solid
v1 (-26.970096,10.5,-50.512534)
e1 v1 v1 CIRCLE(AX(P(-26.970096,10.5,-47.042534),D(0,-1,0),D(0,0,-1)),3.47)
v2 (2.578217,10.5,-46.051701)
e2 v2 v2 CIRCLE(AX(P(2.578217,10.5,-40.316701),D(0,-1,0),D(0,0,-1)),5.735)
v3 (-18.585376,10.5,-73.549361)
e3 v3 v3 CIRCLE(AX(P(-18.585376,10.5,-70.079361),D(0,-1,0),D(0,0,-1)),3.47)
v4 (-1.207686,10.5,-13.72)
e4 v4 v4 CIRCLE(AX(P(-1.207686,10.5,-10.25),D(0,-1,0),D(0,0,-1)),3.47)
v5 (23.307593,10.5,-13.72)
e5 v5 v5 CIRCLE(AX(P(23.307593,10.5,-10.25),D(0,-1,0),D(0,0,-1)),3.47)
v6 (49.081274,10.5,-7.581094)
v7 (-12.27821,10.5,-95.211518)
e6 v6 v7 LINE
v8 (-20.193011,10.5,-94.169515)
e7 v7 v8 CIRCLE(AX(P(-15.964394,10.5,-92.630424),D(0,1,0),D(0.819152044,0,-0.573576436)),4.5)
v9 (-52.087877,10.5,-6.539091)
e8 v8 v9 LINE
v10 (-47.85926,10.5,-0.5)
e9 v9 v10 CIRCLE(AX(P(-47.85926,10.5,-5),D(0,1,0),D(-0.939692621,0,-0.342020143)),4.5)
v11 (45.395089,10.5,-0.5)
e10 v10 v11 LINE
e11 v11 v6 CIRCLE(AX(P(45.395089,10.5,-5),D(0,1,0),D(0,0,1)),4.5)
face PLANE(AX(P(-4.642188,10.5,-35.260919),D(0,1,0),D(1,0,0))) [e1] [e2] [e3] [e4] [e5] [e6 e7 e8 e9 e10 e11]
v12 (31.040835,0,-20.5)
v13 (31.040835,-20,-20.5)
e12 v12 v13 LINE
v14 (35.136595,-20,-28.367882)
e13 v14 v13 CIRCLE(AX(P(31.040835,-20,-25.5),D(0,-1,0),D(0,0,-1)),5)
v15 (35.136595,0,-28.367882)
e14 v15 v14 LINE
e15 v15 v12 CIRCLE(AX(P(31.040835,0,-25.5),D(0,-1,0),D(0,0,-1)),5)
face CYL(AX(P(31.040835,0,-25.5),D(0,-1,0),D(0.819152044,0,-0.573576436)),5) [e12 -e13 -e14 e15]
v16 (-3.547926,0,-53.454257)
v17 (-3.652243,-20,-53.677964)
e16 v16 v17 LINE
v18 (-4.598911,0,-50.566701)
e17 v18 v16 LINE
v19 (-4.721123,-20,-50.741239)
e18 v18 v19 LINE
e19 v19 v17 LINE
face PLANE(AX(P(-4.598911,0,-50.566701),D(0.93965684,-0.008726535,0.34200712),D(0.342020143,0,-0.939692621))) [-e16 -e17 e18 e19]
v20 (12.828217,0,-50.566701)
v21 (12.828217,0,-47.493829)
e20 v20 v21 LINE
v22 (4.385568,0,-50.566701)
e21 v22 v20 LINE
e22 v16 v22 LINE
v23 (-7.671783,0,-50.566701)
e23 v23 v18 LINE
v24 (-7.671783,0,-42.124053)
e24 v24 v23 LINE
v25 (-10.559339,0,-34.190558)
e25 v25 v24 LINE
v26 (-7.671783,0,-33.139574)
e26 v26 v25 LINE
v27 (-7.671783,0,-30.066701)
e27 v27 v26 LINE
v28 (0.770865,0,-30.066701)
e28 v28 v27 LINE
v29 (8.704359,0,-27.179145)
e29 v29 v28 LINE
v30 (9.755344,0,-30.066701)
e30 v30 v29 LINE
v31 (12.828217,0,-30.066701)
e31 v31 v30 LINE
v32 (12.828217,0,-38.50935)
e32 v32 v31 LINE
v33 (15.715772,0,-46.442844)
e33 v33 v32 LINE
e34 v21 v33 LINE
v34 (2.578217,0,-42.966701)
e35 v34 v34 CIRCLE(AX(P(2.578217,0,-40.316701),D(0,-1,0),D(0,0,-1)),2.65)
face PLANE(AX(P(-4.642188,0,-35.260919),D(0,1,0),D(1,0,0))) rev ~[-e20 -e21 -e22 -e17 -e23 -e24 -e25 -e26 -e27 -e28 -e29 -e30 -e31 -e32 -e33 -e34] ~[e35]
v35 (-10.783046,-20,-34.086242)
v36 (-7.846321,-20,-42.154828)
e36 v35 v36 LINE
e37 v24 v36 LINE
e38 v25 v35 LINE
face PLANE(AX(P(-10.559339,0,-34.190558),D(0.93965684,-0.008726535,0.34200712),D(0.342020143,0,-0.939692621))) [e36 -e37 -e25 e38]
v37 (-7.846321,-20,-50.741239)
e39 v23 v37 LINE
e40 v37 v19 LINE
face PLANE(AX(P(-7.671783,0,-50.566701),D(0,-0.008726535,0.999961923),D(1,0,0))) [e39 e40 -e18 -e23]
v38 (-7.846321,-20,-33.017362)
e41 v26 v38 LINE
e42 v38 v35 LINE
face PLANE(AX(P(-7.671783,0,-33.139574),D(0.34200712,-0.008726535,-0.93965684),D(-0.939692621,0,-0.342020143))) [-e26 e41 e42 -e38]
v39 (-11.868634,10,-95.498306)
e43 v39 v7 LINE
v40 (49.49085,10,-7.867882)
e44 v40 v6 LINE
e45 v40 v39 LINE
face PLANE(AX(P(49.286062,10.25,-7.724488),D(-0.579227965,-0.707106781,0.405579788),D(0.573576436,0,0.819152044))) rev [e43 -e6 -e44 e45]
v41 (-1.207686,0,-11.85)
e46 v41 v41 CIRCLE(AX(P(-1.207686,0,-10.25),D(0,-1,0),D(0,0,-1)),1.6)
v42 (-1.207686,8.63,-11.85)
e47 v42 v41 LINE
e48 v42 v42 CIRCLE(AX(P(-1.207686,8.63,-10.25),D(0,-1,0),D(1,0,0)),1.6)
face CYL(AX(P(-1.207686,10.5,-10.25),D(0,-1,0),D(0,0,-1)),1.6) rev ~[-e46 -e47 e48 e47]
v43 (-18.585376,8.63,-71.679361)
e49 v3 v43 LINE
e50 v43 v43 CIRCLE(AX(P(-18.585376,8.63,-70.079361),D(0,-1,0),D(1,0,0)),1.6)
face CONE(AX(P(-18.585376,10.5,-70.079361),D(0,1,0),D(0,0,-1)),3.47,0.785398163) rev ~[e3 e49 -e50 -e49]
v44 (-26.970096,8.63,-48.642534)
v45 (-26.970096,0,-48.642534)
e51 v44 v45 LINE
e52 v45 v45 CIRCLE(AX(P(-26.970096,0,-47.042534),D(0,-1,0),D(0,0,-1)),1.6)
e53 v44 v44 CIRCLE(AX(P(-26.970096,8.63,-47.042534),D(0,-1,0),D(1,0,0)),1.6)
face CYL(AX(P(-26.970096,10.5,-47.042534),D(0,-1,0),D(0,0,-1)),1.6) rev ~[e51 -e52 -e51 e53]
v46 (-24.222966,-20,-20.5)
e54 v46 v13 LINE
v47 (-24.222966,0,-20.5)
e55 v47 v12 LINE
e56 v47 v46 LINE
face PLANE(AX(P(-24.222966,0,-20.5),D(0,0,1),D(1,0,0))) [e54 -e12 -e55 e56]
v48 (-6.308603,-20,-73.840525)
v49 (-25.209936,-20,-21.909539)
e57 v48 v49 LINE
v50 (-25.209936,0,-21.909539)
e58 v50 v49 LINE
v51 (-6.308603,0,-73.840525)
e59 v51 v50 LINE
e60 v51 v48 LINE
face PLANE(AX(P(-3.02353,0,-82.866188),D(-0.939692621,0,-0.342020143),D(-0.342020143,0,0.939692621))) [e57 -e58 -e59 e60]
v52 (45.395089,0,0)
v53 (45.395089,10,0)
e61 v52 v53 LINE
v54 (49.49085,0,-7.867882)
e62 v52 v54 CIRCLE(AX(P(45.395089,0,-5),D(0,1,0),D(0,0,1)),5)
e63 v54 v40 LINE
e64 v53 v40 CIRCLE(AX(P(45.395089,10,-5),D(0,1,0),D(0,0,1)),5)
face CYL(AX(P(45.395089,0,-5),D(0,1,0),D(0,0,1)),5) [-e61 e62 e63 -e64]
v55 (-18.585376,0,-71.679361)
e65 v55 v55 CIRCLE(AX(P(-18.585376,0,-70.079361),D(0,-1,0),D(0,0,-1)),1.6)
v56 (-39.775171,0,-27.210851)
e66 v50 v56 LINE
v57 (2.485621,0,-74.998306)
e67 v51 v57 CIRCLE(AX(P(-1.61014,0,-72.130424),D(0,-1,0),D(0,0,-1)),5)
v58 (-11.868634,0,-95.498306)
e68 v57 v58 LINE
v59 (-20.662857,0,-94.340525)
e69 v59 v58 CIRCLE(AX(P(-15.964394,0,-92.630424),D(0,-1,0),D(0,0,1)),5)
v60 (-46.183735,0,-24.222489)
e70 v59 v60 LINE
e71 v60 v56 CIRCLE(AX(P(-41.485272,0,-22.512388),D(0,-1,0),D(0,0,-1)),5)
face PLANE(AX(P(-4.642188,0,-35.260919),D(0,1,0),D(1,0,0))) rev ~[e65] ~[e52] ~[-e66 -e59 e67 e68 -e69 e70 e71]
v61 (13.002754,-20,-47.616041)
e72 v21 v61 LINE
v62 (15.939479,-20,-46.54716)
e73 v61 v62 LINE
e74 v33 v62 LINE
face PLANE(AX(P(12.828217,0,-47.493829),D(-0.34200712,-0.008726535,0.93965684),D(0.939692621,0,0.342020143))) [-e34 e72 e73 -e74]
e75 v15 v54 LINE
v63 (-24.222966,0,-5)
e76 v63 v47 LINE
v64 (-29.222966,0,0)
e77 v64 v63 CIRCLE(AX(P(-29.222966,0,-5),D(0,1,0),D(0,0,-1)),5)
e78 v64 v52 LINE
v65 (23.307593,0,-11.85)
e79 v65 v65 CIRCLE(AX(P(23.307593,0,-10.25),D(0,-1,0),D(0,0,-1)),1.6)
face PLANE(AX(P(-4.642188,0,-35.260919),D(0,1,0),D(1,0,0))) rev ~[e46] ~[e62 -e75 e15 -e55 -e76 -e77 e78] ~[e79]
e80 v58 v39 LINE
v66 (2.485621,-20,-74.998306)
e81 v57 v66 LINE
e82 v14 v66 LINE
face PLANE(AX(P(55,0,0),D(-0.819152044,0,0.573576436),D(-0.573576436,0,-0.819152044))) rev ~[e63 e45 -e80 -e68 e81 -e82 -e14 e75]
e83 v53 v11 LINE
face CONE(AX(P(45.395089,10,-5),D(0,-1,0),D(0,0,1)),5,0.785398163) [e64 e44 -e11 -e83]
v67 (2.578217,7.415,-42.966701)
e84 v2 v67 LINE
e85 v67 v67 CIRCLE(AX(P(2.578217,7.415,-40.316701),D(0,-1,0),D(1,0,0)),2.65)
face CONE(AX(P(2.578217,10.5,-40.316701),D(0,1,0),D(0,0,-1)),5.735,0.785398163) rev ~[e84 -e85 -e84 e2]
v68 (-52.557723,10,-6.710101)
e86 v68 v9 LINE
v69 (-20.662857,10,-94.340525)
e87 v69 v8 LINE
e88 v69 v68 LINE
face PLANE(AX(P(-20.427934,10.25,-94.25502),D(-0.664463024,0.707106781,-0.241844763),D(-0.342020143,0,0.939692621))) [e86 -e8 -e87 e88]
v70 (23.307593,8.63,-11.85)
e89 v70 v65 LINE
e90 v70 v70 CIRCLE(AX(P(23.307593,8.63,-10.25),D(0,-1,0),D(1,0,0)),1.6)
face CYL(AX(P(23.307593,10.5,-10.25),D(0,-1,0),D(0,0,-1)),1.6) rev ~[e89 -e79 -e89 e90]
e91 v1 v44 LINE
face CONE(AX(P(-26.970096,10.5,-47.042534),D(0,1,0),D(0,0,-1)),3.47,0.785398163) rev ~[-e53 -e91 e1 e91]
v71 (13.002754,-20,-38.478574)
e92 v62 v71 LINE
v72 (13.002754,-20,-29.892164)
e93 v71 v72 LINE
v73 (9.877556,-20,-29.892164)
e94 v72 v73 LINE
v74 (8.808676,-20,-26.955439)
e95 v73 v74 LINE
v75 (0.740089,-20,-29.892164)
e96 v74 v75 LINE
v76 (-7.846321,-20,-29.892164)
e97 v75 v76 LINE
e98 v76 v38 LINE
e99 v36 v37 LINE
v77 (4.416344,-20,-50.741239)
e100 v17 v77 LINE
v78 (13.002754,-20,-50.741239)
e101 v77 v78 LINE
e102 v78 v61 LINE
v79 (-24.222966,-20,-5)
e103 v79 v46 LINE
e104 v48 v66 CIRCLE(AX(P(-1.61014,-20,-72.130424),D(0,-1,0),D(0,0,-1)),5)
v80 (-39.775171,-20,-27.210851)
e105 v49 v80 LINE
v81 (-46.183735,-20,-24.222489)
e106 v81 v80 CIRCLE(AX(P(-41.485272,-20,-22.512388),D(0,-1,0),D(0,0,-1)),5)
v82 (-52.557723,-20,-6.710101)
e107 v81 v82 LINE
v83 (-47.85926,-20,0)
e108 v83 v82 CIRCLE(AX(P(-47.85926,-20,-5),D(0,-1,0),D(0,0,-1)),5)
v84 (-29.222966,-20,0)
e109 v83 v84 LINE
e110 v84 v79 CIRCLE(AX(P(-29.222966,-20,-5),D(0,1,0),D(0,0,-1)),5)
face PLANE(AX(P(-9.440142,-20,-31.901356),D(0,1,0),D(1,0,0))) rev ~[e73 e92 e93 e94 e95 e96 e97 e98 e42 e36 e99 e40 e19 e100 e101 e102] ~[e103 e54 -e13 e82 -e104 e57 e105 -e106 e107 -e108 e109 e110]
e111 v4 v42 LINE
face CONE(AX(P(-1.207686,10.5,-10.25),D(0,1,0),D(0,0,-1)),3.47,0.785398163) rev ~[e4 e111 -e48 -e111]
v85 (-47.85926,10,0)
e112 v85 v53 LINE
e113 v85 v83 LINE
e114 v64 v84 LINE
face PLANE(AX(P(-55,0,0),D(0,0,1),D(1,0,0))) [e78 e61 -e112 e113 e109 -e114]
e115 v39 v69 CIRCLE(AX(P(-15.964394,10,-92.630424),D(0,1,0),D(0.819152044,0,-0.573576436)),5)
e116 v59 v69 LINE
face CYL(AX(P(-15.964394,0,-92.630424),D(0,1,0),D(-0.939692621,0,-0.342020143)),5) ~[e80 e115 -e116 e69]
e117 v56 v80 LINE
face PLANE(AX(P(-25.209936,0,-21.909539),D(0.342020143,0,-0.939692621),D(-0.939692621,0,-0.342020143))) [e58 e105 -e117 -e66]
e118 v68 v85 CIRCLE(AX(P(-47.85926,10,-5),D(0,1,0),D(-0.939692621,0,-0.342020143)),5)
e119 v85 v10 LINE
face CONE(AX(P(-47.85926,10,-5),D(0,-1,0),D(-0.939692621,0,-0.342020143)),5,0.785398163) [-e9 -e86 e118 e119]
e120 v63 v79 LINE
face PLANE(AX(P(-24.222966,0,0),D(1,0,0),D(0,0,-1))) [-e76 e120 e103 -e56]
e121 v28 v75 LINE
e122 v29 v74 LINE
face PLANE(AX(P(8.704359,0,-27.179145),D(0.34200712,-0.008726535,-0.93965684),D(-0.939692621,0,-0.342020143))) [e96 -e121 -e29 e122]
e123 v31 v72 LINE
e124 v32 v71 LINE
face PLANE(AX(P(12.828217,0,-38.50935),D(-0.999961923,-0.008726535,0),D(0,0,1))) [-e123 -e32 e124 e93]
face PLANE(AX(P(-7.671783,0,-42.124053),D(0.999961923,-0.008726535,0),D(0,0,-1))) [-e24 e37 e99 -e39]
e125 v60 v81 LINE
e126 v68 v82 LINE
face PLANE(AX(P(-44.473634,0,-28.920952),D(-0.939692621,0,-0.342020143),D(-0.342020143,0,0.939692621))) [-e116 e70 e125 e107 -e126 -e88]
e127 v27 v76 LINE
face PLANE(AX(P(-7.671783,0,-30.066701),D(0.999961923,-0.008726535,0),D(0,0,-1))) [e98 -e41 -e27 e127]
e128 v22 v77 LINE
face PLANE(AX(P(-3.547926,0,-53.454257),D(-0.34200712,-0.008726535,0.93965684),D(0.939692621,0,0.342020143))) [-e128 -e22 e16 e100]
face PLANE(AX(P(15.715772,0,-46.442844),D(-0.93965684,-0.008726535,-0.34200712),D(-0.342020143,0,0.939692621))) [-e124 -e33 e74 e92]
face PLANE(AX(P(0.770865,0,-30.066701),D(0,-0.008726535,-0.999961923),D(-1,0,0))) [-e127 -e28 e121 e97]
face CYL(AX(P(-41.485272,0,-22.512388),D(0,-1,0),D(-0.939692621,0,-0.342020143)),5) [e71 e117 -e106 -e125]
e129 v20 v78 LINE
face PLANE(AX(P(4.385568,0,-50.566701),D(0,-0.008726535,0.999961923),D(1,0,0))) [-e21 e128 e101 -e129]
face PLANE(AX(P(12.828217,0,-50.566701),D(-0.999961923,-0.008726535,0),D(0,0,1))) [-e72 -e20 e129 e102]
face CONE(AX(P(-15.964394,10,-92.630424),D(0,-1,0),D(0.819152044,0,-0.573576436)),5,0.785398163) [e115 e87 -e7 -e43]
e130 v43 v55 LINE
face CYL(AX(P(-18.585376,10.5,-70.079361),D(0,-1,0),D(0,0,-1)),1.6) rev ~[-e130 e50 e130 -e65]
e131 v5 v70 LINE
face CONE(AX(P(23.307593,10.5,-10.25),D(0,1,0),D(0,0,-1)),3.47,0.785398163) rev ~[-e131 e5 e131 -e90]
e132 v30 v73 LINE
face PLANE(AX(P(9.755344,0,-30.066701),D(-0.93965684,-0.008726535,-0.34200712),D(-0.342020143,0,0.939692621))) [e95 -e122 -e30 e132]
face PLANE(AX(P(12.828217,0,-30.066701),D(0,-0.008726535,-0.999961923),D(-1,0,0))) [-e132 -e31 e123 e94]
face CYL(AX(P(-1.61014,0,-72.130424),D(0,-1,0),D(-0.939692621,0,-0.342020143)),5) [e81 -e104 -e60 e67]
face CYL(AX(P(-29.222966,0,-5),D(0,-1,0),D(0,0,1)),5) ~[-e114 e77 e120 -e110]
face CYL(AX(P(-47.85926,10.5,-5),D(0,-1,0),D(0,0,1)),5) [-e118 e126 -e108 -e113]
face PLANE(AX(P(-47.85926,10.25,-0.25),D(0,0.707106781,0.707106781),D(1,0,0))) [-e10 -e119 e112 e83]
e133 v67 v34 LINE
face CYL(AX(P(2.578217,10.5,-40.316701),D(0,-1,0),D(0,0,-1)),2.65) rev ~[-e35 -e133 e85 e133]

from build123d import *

# Parameters (mm, degrees)
SKETCH1_R                                            = 1.0000000000000033
SKETCH1_R_2                                          = 0.9999999999999979
SKETCH1_R_3                                          = 1.000000000000005
SKETCH1_R_4                                          = 1.0000000000000018
SKETCH1_R_5                                          = 1.0000000000000029
MAIN_BODY_DEPTH                                      = 10.5
PROFILE_STOPS_DEPTH                                  = 20
CSK_FOR_M3_HEX_SOCKET_COUNTERSUNK_HEAD_S_D           = 3.2
CSK_FOR_M3_HEX_SOCKET_COUNTERSUNK_HEAD_S_DEPTH       = 30.5
CSK_FOR_M3_HEX_SOCKET_COUNTERSUNK_HEAD_S_CSINK_D     = 6.94
CSK_FOR_M3_HEX_SOCKET_COUNTERSUNK_HEAD_S_CSINK_ANGLE = 90
CSK_FOR_M5_HEX_SOCKET_COUNTERSUNK_HEAD_S_D           = 5.3
CSK_FOR_M5_HEX_SOCKET_COUNTERSUNK_HEAD_S_DEPTH       = 30.5
CSK_FOR_M5_HEX_SOCKET_COUNTERSUNK_HEAD_S_CSINK_D     = 11.47
CSK_FOR_M5_HEX_SOCKET_COUNTERSUNK_HEAD_S_CSINK_ANGLE = 90
FILLET1_R                                            = 5
FILLET3_R                                            = 5
DRAFT1_ANGLE                                         = 0.5000000000000011
CHAMFER2_SIZE                                        = 0.5


with BuildPart() as part:
    # Sketch1 → Main Body (new body)
    with BuildSketch(Plane(origin=(0, 0, 0), x_dir=(1, 0, 0), z_dir=(0, 1, 0))):
        Polygon((-55, 0), (55, -6.74e-15), (-17.37778423417673, 103.36618828645003), align=None)
        with Locations(Location((-1.2076863300743388, 10.249999999999998, 0), (0, 0, 90))):
            Circle(SKETCH1_R, mode=Mode.SUBTRACT)
        with Locations(Location((23.307593201638067, 10.25, 0), (0, 0, 90))):
            Circle(SKETCH1_R_2, mode=Mode.SUBTRACT)
        with Locations(Location((-26.970095805737262, 47.04253374154206, 0), (0, 0, 90))):
            Circle(SKETCH1_R_3, mode=Mode.SUBTRACT)
        with Locations(Location((-18.585376386632234, 70.07936101399606, 0), (0, 0, 90))):
            Circle(SKETCH1_R_4, mode=Mode.SUBTRACT)
        with Locations(Location((2.578216537695586, 40.31670125636554, 0), (0, 0, 90))):
            Circle(SKETCH1_R_5, mode=Mode.SUBTRACT)
    extrude(amount=MAIN_BODY_DEPTH)

    # Sketch1<3> → Profile Stops (add)
    with BuildSketch(Plane(origin=(0, 0, 0), x_dir=(1, 0, 0), z_dir=(0, 1, 0))):
        Polygon((-55, 0), (-24.222965861786736, 0), (-24.22296586178674, 20.499999999999996), (40.64574546670092, 20.500000000000004), (-3.023529700877628, 82.86618828645001), (-25.209935646798243, 21.909538931178865), (-44.47363437290938, 28.920951869355026), align=None)
        Polygon((-7.671783462304414, 33.139573989716), (-10.559339294448062, 34.19055836239805), (-7.671783462304414, 42.1240528086273), (-7.6717834623044165, 50.56670125636553), (-4.598910728953966, 50.56670125636553), (-3.547926356271911, 53.45425708850919), (4.385568089957344, 50.56670125636554), (12.828216537695583, 50.56670125636554), (12.828216537695583, 47.49382852301509), (15.715772369839232, 46.44284415033304), (12.828216537695585, 38.5093497041038), (12.828216537695587, 30.066701256365544), (9.755343804345129, 30.066701256365544), (8.70435943166308, 27.1791454242219), (0.7708649854338496, 30.06670125636554), (-7.671783462304413, 30.06670125636554), align=None, mode=Mode.SUBTRACT)
    extrude(amount=-PROFILE_STOPS_DEPTH)

    # CSK for M3 Hex Socket Countersunk Head Screw1
    with Locations(Plane(origin=(-18.585376387, 10.5, -70.079361014), x_dir=(0, 0, 1), z_dir=(0, 1, 0))):
        with Locations((0, 0), (23.036827272, -8.384719419), (59.829361014, 41.892969589), (59.829361014, 17.377690057)):
            CounterSinkHole(CSK_FOR_M3_HEX_SOCKET_COUNTERSUNK_HEAD_S_D / 2, CSK_FOR_M3_HEX_SOCKET_COUNTERSUNK_HEAD_S_CSINK_D / 2, depth=CSK_FOR_M3_HEX_SOCKET_COUNTERSUNK_HEAD_S_DEPTH, counter_sink_angle=CSK_FOR_M3_HEX_SOCKET_COUNTERSUNK_HEAD_S_CSINK_ANGLE)

    # CSK for M5 Hex Socket Countersunk Head Screw1
    with Locations(Plane(origin=(2.578216538, 10.5, -40.316701256), x_dir=(0, 0, 1), z_dir=(0, 1, 0))):
        with Locations((0, 0)):
            CounterSinkHole(CSK_FOR_M5_HEX_SOCKET_COUNTERSUNK_HEAD_S_D / 2, CSK_FOR_M5_HEX_SOCKET_COUNTERSUNK_HEAD_S_CSINK_D / 2, depth=CSK_FOR_M5_HEX_SOCKET_COUNTERSUNK_HEAD_S_DEPTH, counter_sink_angle=CSK_FOR_M5_HEX_SOCKET_COUNTERSUNK_HEAD_S_CSINK_ANGLE)

    # Fillet1
    fillet1_edges = [part.edges().sort_by_distance(p)[0] for p in [
        (-55, -4.75, 0),
        (-24.222965861786736, -10, 0),
        (-44.47363437290938, -10, -28.920951869355026),
    ]]
    fillet(fillet1_edges, radius=FILLET1_R)

    # Fillet3
    fillet3_edges = [part.edges().sort_by_distance(p)[0] for p in [
        (55, 5.25, 6.74e-15),
        (-17.37778423417673, 5.25, -103.36618828645003),
        (-3.0235297008776296, -10, -82.86618828645001),
        (40.645745466700916, -10, -20.5),
    ]]
    fillet(fillet3_edges, radius=FILLET3_R)

    # Draft1
    draft1_faces = [part.faces().sort_by_distance(p)[0] for p in [
        (11.291780171020358, -10, -30.066701256365544),
        (9.229851618004107, -10, -28.62292334029372),
        (4.737612208548465, -10, -28.622923340293717),
        (-3.4504592384352817, -10, -30.06670125636554),
        (-7.671783462304413, -10.000000000000002, -31.60313762304077),
        (-9.115561378376238, -10, -33.665066176057024),
        (-9.115561378376238, -10, -38.157305585512674),
        (-6.135347095629191, -10, -50.56670125636553),
        (-7.671783462304415, -10, -46.345377032496415),
        (-4.073418542612939, -10, -52.010479172437364),
        (0.4188208668427172, -10, -52.010479172437364),
        (8.606892313826464, -10, -50.56670125636554),
        (12.828216537695583, -10, -49.030264889690315),
        (14.271994453767409, -10, -46.968336336674064),
        (14.271994453767409, -10, -42.476096927218414),
        (12.828216537695587, -10, -34.28802548023467),
    ]]
    draft(draft1_faces, Plane(origin=(0, 0, 0), x_dir=(0, 0, -1), z_dir=(0, -1, 0)), DRAFT1_ANGLE)

    # Chamfer2
    chamfer2_edges = [part.edges().sort_by_distance(p)[0] for p in [
        (-1.232085300572649, 10.5, 3.29e-15),
        (-36.61029010817967, 10.5, -50.52531267809811),
        (-51.95502018773441, 10.5, -2.1321178182447573),
        (18.811107882911628, 10.5, -51.683094143225006),
        (-16.61702500331109, 10.5, -97.58764822980864),
        (49.83014353103527, 10.5, -2.6912569338248247),
    ]]
    chamfer(chamfer2_edges, length=CHAMFER2_SIZE)


solid = part.part
